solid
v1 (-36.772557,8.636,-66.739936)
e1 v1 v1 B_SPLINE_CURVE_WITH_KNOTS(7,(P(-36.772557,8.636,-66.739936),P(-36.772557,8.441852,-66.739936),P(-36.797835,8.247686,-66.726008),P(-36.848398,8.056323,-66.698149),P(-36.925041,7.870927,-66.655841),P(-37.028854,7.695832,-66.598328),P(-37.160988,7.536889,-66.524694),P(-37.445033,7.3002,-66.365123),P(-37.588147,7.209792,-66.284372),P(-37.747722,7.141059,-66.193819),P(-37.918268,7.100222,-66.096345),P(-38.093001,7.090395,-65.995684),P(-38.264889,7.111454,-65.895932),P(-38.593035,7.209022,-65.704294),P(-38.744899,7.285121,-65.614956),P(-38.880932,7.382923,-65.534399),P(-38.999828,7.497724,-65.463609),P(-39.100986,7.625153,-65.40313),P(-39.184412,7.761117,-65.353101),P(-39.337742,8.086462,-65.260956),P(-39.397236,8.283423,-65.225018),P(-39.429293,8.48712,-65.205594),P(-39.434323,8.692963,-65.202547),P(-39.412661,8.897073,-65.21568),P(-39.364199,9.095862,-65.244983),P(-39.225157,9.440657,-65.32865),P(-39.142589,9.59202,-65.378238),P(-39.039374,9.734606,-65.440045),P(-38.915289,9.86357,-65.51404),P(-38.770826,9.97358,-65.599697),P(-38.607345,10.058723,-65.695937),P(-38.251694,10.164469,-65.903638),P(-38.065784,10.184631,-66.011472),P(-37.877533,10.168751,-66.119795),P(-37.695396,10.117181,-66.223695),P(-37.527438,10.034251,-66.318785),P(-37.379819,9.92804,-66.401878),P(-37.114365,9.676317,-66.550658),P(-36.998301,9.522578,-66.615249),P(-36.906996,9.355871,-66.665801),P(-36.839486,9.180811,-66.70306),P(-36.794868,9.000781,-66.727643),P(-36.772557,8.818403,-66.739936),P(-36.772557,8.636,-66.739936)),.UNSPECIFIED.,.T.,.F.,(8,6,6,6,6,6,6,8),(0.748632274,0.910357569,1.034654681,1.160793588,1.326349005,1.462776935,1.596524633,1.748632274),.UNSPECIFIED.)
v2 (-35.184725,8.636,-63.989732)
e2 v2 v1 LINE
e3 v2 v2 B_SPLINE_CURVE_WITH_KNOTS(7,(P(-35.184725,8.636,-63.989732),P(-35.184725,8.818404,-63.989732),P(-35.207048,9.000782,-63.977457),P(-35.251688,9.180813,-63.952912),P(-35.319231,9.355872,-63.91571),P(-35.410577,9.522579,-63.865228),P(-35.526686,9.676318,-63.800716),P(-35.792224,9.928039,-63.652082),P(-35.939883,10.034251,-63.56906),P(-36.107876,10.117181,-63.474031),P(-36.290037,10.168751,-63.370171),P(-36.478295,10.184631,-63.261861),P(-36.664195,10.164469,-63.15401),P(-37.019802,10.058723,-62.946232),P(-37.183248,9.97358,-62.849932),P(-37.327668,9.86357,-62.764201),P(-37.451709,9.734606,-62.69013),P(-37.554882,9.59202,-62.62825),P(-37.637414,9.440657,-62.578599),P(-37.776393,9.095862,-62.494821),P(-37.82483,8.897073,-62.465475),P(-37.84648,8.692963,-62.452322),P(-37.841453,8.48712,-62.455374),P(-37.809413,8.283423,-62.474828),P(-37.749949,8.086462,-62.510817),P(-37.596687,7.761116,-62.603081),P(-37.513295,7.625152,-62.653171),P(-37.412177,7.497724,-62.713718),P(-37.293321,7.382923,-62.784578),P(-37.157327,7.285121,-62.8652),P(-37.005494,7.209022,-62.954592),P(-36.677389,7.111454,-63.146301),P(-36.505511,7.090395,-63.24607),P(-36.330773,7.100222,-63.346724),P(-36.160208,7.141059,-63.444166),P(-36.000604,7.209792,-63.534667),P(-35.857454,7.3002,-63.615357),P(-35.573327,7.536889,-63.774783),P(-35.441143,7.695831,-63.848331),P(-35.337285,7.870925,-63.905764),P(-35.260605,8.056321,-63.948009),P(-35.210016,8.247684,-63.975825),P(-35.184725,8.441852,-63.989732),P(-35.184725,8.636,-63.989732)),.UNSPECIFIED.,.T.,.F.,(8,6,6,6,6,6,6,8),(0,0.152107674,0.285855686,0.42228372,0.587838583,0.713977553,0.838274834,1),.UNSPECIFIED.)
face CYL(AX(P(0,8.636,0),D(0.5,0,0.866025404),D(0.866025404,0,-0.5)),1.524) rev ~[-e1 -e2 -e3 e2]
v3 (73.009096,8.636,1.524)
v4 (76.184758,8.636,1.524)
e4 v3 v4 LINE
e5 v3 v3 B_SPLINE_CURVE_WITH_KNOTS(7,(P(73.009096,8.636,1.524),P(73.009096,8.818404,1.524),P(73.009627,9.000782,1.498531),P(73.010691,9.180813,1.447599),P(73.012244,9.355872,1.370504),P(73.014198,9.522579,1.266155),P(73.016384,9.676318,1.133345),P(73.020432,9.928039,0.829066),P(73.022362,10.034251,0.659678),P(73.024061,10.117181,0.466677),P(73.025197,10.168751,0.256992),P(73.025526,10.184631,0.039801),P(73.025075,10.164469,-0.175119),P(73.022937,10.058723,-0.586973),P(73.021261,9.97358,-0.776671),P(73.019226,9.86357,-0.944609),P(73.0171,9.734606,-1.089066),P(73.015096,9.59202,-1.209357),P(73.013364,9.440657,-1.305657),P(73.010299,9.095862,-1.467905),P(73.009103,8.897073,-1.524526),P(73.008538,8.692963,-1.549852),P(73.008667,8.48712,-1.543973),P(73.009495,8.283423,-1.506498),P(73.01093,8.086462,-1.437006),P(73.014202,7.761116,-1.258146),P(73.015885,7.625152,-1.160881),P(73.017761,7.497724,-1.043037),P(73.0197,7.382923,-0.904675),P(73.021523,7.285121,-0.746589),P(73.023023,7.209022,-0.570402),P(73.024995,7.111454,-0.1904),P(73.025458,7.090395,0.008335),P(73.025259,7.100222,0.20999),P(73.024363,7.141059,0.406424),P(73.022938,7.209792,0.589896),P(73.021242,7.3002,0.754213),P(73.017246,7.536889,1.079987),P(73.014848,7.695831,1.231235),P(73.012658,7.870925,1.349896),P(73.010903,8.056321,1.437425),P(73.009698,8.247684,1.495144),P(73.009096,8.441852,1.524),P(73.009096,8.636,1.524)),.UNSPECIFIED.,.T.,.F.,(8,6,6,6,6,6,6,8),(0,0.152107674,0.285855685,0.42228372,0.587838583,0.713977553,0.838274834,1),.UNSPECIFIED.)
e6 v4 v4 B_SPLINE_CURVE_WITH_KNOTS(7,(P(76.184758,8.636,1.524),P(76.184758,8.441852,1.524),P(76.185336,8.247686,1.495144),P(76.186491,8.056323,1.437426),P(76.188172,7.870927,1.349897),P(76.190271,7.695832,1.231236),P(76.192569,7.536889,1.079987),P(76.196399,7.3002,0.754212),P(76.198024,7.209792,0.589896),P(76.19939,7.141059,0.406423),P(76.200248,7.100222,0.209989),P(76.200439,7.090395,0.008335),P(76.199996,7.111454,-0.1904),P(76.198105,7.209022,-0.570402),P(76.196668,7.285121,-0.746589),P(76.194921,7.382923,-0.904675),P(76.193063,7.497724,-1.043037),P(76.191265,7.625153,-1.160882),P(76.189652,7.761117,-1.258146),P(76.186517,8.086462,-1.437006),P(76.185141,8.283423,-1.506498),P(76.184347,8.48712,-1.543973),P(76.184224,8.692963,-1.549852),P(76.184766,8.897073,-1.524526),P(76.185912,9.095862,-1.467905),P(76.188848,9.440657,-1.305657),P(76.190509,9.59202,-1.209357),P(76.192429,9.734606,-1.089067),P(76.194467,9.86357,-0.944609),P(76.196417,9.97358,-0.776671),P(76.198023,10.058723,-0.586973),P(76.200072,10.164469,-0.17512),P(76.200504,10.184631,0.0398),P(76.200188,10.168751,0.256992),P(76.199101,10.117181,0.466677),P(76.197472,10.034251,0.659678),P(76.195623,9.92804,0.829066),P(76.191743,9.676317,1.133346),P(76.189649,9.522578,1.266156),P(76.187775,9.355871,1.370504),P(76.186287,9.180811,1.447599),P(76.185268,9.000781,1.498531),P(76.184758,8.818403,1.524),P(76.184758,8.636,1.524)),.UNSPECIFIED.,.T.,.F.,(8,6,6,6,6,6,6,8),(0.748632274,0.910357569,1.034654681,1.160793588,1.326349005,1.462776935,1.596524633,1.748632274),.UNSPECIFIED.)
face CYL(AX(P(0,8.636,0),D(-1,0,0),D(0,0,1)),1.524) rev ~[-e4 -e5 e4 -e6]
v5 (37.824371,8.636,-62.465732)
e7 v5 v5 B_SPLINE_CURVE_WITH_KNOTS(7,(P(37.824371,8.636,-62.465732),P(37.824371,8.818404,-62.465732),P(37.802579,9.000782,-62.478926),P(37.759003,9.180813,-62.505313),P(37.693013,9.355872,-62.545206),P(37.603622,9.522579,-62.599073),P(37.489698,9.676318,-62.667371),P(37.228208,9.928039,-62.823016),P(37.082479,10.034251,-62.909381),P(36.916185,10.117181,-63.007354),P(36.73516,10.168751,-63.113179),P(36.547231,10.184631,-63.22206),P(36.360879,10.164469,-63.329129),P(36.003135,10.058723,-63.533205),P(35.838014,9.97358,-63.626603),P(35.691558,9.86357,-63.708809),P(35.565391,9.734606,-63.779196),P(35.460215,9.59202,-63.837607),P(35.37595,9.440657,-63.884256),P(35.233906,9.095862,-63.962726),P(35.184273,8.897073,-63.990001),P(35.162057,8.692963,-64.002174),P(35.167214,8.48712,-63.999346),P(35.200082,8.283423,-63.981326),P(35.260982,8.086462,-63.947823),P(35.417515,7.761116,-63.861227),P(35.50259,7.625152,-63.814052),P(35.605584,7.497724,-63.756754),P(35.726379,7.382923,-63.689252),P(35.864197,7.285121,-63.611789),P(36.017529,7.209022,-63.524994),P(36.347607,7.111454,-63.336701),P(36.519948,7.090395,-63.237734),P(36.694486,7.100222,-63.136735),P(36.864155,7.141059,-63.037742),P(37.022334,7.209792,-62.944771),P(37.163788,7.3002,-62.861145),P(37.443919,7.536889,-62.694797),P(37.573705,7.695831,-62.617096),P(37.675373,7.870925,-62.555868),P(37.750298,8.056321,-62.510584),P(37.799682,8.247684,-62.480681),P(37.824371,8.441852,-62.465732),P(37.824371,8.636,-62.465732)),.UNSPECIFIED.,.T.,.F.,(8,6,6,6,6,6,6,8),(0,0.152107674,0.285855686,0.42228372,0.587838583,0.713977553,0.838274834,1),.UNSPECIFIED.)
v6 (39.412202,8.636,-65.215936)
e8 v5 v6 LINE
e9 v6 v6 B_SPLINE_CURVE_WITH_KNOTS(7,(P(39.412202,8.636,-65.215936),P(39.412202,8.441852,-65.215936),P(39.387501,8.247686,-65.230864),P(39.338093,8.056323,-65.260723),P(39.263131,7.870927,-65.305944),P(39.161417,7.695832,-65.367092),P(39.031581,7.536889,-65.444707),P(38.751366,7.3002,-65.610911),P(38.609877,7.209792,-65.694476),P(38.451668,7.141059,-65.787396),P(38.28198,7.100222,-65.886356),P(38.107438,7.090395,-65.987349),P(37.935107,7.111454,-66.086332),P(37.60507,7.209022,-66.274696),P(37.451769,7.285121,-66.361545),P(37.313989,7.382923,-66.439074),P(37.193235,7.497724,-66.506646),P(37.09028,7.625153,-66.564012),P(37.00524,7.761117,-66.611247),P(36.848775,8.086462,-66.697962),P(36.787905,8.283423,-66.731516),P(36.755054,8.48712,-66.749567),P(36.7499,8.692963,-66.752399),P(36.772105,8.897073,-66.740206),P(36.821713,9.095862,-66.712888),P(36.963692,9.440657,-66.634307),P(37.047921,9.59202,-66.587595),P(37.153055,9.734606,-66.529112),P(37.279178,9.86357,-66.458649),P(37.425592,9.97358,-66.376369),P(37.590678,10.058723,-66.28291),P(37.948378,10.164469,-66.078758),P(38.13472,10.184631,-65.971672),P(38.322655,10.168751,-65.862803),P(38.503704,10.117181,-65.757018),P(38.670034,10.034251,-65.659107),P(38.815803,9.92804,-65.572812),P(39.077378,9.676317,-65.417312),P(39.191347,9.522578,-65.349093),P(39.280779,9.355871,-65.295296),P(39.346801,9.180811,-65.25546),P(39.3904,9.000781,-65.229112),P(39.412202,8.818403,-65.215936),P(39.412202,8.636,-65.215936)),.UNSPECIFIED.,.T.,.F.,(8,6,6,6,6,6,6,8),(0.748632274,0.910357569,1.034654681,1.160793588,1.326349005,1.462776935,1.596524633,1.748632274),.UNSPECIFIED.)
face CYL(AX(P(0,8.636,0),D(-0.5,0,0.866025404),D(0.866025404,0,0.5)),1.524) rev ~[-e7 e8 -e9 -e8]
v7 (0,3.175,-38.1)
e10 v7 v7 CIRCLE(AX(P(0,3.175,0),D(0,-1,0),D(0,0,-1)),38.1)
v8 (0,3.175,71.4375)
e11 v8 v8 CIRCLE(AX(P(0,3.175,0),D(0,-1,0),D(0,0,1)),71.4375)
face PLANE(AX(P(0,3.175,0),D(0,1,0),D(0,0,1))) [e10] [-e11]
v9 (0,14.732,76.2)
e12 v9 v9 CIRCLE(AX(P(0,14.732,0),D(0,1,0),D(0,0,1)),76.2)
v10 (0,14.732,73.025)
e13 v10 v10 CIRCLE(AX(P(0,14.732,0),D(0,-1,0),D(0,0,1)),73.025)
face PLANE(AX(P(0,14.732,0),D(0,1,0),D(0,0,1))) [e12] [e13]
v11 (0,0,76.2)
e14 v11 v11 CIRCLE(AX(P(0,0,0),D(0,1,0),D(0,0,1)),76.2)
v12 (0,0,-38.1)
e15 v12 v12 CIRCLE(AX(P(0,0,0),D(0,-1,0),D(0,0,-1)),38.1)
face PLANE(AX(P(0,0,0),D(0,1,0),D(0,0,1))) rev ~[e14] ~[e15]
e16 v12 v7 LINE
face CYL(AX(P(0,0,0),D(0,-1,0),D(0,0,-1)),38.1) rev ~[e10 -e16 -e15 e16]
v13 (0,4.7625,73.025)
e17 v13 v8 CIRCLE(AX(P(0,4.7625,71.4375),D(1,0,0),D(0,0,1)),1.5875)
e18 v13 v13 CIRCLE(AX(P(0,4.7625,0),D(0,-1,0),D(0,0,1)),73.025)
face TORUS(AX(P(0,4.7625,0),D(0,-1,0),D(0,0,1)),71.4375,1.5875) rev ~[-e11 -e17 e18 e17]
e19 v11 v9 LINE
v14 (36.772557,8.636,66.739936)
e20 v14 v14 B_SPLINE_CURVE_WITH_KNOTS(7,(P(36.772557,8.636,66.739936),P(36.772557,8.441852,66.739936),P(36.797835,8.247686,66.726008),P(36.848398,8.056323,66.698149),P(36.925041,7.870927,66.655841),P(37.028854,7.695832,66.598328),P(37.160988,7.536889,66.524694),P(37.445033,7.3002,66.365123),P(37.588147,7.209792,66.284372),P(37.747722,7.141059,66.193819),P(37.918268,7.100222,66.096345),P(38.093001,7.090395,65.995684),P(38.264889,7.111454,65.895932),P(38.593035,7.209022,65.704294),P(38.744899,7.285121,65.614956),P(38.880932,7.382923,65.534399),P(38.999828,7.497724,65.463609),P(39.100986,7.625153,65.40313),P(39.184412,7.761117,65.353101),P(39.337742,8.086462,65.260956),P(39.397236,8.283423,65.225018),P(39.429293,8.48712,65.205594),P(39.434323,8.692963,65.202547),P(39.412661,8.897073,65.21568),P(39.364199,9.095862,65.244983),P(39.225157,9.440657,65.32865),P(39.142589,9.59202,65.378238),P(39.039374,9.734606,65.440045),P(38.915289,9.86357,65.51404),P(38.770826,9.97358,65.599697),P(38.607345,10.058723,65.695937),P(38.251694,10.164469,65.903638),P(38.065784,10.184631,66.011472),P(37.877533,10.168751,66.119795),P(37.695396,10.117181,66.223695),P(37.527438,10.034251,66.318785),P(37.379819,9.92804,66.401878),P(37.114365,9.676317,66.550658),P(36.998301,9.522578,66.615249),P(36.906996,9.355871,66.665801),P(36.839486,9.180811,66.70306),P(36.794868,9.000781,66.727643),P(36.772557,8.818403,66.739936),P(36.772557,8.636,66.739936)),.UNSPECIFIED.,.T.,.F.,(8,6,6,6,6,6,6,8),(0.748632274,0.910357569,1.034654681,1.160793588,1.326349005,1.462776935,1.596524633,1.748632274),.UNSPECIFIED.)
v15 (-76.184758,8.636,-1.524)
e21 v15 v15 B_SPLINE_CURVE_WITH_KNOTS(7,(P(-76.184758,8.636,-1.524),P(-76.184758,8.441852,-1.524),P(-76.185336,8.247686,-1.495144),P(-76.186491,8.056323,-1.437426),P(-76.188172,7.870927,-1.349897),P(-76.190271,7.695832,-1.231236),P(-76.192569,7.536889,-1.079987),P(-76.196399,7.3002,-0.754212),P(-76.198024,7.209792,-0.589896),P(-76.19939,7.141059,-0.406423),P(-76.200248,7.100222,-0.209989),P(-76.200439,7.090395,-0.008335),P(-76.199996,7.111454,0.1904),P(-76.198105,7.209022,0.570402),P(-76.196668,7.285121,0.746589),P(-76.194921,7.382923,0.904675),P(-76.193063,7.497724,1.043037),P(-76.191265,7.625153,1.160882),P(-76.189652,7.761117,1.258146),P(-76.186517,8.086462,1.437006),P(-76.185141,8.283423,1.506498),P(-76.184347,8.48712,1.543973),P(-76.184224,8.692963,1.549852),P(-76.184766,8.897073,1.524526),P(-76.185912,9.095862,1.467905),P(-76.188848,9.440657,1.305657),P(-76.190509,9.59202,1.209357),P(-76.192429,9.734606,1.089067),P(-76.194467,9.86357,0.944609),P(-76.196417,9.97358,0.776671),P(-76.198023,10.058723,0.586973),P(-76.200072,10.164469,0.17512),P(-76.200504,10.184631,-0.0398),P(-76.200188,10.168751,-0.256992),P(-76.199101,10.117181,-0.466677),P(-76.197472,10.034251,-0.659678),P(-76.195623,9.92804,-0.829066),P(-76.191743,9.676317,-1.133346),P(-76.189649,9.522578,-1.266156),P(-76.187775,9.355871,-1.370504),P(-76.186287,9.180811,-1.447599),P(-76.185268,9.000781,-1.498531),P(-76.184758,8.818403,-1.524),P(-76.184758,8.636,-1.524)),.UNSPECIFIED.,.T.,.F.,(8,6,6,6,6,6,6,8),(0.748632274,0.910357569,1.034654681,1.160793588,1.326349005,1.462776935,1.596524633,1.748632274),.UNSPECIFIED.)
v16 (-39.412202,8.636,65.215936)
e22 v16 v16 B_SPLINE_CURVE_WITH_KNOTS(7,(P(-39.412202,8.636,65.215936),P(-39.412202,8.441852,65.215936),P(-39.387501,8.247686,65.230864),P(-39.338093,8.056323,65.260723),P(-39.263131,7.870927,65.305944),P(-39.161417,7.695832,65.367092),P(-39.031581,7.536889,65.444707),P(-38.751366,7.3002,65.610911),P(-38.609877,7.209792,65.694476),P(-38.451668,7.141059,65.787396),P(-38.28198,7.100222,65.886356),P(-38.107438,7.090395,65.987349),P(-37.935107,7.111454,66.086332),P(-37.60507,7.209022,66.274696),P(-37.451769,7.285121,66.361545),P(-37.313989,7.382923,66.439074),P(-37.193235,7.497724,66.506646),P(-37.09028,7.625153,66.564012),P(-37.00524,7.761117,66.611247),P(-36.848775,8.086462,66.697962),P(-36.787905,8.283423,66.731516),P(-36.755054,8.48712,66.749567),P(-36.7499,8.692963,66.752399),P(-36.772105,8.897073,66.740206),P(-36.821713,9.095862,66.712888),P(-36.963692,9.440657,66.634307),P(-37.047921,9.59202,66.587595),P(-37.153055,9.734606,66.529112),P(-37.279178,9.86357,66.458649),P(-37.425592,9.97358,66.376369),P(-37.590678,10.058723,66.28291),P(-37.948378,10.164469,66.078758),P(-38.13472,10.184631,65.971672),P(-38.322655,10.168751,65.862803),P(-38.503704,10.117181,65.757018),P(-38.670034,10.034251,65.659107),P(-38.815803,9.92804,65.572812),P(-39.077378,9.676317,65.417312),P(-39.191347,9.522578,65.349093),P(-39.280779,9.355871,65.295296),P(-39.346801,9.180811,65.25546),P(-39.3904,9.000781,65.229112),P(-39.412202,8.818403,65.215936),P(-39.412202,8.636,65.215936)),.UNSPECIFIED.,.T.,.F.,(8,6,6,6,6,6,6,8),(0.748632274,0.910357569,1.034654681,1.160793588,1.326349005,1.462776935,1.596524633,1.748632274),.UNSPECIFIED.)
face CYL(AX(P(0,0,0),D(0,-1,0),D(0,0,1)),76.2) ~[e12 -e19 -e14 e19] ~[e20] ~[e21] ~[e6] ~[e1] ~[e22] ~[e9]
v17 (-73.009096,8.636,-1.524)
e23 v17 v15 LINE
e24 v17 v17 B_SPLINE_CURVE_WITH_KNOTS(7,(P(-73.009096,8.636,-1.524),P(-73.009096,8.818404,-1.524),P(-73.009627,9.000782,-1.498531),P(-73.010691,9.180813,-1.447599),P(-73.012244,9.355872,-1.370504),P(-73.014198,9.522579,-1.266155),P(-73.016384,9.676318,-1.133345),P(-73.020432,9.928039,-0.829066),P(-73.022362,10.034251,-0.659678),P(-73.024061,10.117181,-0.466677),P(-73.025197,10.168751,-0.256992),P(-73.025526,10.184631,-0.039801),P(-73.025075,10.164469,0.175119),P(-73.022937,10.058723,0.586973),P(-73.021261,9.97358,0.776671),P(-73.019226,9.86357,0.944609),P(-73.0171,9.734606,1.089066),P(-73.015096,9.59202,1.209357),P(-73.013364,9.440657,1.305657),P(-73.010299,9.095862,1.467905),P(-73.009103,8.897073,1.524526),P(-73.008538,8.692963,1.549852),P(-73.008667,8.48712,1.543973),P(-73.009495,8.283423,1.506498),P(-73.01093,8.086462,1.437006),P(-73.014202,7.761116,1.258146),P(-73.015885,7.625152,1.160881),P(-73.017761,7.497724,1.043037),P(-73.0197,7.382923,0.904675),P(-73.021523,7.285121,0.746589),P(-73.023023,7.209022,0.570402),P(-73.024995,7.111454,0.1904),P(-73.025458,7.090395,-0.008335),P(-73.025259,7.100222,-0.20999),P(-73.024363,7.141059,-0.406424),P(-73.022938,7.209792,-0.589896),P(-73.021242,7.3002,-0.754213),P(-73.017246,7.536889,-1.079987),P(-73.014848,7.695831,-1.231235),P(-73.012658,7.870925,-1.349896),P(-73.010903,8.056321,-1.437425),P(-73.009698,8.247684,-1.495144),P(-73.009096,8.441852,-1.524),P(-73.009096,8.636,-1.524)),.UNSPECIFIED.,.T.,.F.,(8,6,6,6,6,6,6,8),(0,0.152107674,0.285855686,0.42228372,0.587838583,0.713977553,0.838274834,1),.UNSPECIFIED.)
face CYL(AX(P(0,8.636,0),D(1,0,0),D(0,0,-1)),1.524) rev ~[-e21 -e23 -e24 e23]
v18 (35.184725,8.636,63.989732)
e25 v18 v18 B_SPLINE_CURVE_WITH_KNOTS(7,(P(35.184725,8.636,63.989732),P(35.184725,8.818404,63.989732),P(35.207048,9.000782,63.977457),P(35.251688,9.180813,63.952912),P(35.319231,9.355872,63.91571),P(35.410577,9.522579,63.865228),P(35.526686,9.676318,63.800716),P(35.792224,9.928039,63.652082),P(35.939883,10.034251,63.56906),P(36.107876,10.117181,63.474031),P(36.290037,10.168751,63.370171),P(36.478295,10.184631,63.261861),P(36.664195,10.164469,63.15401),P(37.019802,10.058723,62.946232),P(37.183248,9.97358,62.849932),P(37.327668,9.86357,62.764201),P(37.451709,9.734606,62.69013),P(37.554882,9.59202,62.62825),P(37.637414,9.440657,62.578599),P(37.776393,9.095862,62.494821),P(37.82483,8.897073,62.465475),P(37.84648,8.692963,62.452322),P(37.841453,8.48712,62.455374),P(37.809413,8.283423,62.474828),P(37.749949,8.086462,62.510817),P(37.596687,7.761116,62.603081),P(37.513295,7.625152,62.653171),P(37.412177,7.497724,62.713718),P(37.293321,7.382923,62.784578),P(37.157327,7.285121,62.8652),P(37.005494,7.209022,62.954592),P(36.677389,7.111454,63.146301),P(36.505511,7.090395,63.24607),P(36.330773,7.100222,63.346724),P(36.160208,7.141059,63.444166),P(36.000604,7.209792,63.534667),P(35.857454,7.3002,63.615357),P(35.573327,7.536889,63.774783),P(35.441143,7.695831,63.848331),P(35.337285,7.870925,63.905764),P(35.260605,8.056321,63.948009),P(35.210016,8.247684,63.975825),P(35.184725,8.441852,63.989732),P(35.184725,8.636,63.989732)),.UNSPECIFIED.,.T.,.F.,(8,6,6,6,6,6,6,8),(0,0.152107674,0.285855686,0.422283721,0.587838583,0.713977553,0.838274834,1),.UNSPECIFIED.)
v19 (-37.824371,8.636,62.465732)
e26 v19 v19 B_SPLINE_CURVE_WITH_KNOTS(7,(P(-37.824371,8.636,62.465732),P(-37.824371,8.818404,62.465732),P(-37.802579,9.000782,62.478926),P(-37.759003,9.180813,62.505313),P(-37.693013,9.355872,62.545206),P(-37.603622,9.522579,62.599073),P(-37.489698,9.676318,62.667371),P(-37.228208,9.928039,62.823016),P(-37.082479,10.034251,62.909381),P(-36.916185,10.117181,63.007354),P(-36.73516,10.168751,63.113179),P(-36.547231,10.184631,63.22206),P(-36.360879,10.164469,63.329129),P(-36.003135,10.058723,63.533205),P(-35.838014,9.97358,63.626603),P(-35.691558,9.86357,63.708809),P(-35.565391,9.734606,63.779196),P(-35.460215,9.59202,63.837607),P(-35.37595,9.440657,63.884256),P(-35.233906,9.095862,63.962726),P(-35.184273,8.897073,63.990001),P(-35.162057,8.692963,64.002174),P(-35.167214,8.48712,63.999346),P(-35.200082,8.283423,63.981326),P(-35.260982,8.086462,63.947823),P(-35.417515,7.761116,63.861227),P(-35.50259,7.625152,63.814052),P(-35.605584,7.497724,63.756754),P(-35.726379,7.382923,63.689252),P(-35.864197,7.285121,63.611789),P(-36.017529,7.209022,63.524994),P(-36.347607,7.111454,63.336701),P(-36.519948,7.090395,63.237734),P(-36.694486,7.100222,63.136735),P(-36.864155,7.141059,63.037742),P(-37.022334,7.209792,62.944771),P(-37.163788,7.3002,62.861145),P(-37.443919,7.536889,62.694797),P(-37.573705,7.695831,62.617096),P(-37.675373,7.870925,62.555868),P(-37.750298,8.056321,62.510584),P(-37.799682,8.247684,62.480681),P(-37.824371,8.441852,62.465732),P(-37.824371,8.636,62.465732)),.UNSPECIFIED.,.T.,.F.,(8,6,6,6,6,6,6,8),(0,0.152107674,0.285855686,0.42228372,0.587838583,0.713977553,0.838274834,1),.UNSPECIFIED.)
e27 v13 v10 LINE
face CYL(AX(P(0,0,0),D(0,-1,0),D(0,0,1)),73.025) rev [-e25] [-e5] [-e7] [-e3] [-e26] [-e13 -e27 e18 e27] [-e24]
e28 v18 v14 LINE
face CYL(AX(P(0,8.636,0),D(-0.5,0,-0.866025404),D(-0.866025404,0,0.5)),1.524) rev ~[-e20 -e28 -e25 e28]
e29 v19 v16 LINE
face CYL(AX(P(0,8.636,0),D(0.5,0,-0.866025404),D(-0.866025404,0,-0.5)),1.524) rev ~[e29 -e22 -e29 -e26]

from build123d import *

# Parameters (mm, degrees)
SKETCH1_R           = 76.2
BOSS_EXTRUDE1_DEPTH = 16.256
SHELL1_T            = -3.175
FILLET1_R           = 1.5875
SKETCH2_R           = 38.1
CUT_EXTRUDE1_DEPTH  = 16.256
SKETCH3_R           = 1.524
CUT_EXTRUDE2_DEPTH  = 76.2
CIRPATTERN1_COUNT   = 6
CUT_EXTRUDE4_START  = -1.524
SKETCH5_R           = 76.2
CUT_EXTRUDE4_DEPTH  = 1.524


with BuildPart() as part:
    # Sketch1 → Boss-Extrude1 (new body)
    with BuildSketch(Plane(origin=(0, 0, 0), x_dir=(1, 0, 0), z_dir=(0, 1, 0))):
        with Locations(Location((0, 0, 0), (0, 0, 270))):
            Circle(SKETCH1_R)
    extrude(amount=BOSS_EXTRUDE1_DEPTH)

    # Shell1
    shell1_openings = [part.faces().sort_by_distance(p)[0] for p in [
        (0, 16.256, 0),
    ]]
    offset(amount=SHELL1_T, openings=shell1_openings, kind=Kind.INTERSECTION)

    # Fillet1
    fillet1_edges = [part.edges().sort_by_distance(p)[0] for p in [
        (0, 3.175, -73.025),
    ]]
    fillet(fillet1_edges, radius=FILLET1_R)

    # Sketch2 → Cut-Extrude1 (cut)
    with BuildSketch(Plane.XZ):
        with Locations(Location((0, 0, 0), (0, 0, 270))):
            Circle(SKETCH2_R)
    extrude(amount=-CUT_EXTRUDE1_DEPTH, mode=Mode.SUBTRACT)

    # Sketch3 → Cut-Extrude2 (cut)
    with BuildSketch(Plane(origin=(0, 0, 0), x_dir=(0, 0, -1), z_dir=(1, 0, 0))):
        with Locations((0, 8.636)):
            Circle(SKETCH3_R)
    cut_extrude2 = extrude(amount=-CUT_EXTRUDE2_DEPTH, mode=Mode.SUBTRACT)

    # CirPattern1: Cut-Extrude2 ×6 about axis
    cirpattern1_axis = Axis((0, 16.256, 0), (0, -1, 0))
    for i in range(1, CIRPATTERN1_COUNT):
        add(cut_extrude2.rotate(cirpattern1_axis, i * 360 / CIRPATTERN1_COUNT), mode=Mode.SUBTRACT)

    # Sketch5 → Cut-Extrude4 (cut)
    with BuildSketch(Plane(origin=(0, 16.256, 0), x_dir=(1, 0, 0), z_dir=(0, 1, 0)).offset(CUT_EXTRUDE4_START)):
        with Locations(Location((0, 0, 0), (0, 0, 270))):
            Circle(SKETCH5_R)
    extrude(amount=CUT_EXTRUDE4_DEPTH, mode=Mode.SUBTRACT)


solid = part.part
